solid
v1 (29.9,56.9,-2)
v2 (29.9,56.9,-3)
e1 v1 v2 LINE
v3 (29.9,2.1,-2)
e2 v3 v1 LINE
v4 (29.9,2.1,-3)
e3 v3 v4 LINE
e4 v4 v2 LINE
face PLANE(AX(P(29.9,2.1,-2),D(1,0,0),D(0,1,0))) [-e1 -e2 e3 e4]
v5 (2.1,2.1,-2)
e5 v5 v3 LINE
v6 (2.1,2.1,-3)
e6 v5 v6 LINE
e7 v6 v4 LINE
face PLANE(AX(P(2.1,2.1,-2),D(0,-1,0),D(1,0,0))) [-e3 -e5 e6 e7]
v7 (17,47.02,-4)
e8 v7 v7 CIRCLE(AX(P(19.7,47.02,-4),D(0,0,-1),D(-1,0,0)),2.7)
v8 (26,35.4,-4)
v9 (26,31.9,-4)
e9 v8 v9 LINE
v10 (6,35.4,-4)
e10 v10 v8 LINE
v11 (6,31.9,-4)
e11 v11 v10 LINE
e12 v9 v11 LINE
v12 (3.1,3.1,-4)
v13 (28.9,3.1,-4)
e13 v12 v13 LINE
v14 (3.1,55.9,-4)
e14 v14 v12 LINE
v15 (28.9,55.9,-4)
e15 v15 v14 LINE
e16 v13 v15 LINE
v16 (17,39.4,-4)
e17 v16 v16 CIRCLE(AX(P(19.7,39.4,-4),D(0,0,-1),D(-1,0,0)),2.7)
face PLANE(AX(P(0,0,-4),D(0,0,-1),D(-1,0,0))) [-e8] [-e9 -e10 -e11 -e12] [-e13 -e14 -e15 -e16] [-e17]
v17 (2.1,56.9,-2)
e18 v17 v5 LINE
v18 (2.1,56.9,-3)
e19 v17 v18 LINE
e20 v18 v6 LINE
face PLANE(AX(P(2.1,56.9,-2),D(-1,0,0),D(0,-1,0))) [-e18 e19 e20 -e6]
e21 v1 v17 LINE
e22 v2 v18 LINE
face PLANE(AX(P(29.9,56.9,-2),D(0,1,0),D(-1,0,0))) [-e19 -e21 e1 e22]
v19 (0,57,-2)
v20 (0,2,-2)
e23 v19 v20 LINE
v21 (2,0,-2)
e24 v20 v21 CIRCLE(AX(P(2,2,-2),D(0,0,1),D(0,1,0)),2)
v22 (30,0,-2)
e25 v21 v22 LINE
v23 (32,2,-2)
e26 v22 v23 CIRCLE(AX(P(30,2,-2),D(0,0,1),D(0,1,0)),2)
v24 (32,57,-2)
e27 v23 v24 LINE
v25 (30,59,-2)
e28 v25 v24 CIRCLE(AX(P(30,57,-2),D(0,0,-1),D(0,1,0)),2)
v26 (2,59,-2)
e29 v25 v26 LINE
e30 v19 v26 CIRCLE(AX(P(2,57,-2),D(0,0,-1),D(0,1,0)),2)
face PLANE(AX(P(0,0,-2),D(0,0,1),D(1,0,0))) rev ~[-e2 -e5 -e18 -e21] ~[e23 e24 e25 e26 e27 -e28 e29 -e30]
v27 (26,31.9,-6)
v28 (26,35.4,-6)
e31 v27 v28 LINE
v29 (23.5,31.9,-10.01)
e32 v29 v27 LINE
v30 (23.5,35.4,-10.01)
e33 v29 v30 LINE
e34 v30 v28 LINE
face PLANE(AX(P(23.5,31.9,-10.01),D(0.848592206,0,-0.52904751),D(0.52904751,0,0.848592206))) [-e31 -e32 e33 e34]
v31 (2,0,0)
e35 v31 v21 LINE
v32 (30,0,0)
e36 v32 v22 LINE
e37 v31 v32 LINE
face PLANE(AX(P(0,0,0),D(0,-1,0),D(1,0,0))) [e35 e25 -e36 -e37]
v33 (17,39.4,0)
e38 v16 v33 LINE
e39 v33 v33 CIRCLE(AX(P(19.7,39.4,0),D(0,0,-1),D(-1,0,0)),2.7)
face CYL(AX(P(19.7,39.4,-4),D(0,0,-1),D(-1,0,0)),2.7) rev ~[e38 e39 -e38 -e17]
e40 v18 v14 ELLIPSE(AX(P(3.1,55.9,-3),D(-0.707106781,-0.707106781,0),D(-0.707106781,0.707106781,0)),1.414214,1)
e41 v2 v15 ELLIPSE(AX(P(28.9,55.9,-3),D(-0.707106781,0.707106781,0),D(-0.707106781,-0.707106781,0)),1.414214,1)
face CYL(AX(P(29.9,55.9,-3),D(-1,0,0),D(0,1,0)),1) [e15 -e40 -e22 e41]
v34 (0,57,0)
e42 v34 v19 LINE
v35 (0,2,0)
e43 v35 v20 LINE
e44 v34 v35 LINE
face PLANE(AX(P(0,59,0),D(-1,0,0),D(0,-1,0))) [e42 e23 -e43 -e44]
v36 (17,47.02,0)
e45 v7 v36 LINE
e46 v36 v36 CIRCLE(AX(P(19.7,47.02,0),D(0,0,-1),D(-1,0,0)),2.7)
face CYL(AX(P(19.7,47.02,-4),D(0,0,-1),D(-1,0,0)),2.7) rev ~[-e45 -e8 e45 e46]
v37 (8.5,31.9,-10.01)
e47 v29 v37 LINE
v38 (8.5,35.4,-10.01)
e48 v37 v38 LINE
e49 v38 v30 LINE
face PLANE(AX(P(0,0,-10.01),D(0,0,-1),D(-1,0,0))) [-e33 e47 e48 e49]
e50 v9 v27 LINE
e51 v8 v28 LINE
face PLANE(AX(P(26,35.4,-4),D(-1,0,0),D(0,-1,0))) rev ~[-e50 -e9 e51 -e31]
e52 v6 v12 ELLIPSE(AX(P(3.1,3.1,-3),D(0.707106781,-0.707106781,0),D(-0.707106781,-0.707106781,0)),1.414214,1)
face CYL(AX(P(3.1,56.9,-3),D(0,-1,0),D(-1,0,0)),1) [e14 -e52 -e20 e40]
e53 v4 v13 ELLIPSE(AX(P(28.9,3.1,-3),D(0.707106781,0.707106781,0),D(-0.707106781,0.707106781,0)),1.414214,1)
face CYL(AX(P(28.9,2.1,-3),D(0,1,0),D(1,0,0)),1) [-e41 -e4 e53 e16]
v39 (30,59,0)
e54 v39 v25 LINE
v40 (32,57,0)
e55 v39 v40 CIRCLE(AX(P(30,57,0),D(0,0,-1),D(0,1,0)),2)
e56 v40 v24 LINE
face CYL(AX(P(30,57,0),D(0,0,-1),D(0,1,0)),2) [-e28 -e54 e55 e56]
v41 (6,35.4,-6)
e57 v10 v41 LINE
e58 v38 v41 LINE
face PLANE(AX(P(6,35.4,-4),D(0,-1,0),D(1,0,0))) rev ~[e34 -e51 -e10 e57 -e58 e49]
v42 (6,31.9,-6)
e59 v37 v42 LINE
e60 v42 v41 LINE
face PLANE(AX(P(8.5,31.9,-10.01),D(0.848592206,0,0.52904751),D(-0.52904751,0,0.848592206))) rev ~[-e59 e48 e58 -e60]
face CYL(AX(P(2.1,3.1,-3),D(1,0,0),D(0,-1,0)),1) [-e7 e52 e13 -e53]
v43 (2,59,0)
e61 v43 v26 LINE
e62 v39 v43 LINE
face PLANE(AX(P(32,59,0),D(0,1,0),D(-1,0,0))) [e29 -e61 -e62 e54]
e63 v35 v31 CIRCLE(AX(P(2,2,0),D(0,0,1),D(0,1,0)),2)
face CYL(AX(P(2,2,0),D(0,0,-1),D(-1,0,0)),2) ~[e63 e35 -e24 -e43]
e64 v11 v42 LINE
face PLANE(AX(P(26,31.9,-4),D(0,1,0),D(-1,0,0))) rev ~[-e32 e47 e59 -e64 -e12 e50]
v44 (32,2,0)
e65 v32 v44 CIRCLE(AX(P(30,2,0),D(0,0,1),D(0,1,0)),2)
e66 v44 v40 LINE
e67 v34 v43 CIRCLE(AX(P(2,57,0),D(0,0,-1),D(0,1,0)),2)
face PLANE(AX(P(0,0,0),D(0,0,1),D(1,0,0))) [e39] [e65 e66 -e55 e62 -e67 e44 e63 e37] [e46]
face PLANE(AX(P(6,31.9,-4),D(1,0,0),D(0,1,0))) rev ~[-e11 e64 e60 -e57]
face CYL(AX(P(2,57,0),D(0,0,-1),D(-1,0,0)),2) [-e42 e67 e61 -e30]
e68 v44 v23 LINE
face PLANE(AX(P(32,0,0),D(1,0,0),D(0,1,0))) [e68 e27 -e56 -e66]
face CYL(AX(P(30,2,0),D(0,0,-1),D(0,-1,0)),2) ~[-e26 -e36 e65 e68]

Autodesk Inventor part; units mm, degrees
ref_plane "YZ Plane" through (0, 0, 0) normal (1, 0, 0) x (0, 1, 0)
ref_plane "XZ Plane" through (0, 0, 0) normal (0, 1, 0) x (-1, 0, 0)
ref_plane "XY Plane" through (0, 0, 0) normal (0, 0, 1) x (1, 0, 0)
sketch "Skizze1" plane through (0, 0, 0) normal (0, 0, 1) x (1, 0, 0)
  line L0 (0, 0) -> (32, 0)
  line L1 (32, 0) -> (32, 59)
  line L2 (32, 59) -> (0, 59)
  line L3 (0, 59) -> (0, 0)
  dimension "d0" = 32
  dimension "d1" = 59
extrude "Extrusion1" add sketch "Skizze1" against normal blind 2
sketch "Skizze2" plane through (0, 0, -2) normal (0, 0, -1) x (-1, 0, 0)
  line L0 (-2.1, 2.1) -> (-29.9, 2.1)
  line L1 (-29.9, 2.1) -> (-29.9, 56.9)
  line L2 (-29.9, 56.9) -> (-2.1, 56.9)
  line L3 (-2.1, 56.9) -> (-2.1, 2.1)
  line L4 (0, 0) -> (0, 59) construction
  line L5 (-32, 0) -> (0, 0) construction
  point P0 (-2.1, 29.5)
  point P1 (0, 29.5)
  point P2 (-16, 2.1)
  point P3 (-16, 0)
  dimension "d4" = 2.1
  dimension "d5" = 2.1
extrude "Extrusion2" add sketch "Skizze2" along normal blind 2
sketch "Skizze3" plane through (0, 0, -4) normal (0, 0, -1) x (-1, 0, 0)
  circle A0 centre (-19.7, 39.4) radius 2.7
  line L0 (-32, 0) -> (0, 0) projected
  line L1 (-2.1, 2.1) -> (-2.1, 56.9) projected
  line L2 (-29.9, 56.9) -> (-29.9, 2.1) projected
  circle A1 centre (-19.7, 47.02) radius 2.7
  dimension "d8" = 5.4
  dimension "d9" = 39.4
  dimension "d11" = 10.2
  dimension "d12" = 5.4
  dimension "d13" = 7.62
extrude "Extrusion3" cut sketch "Skizze3" against normal through all
fillet "Rundung1" radius 1 4 edges at (16, 56.9, -4) (29.9, 29.5, -4) (2.1, 29.5, -4) (16, 2.1, -4)
fillet "Rundung2" radius 2 4 edges at (0, 59, -1) (0, 0, -1) (32, 59, -1) (32, 0, -1)
sketch "Skizze4" plane through (0, 0, -4) normal (0, 0, -1) x (-1, 0, 0)
  line L0 (-26, 31.9) -> (-6, 31.9)
  line L1 (-6, 31.9) -> (-6, 35.4)
  line L2 (-6, 35.4) -> (-26, 35.4)
  line L3 (-26, 35.4) -> (-26, 31.9)
  line L4 (-29.9, 2.1) -> (-2.1, 2.1) projected
  point P0 (0, 0)
  point P1 (-16, 31.9)
  point P2 (-16, 2.1)
  dimension "d18" = 20
  dimension "d19" = 3.5
  dimension "d20" = 29.8
extrude "Extrusion4" add sketch "Skizze4" along normal blind 6.01
sketch "Skizze6" plane through (6, 31.9, -4) normal (0, -1, 0) x (1, 0, 0)
  line L0 (0, -6.01) -> (2.5, -6.01)
  line L1 (2.5, -6.01) -> (0, -2)
  line L2 (0, -2) -> (0, -6.01)
  line L3 (20, 0) -> (0, 0) construction
  line L4 (10, 0) -> (10, 6.9424) construction
  line L5 (20, -6.01) -> (17.5, -6.01)
  line L6 (17.5, -6.01) -> (20, -2)
  line L7 (20, -2) -> (20, -6.01)
  point P0 (-6, 4)
  dimension "d29" = 2
  dimension "d30" = 2.5
  dimension "d31" = 4.01
extrude "Extrusion5" cut sketch "Skizze6" against normal up to surface (3.5 mm away)
properties part number "top"
